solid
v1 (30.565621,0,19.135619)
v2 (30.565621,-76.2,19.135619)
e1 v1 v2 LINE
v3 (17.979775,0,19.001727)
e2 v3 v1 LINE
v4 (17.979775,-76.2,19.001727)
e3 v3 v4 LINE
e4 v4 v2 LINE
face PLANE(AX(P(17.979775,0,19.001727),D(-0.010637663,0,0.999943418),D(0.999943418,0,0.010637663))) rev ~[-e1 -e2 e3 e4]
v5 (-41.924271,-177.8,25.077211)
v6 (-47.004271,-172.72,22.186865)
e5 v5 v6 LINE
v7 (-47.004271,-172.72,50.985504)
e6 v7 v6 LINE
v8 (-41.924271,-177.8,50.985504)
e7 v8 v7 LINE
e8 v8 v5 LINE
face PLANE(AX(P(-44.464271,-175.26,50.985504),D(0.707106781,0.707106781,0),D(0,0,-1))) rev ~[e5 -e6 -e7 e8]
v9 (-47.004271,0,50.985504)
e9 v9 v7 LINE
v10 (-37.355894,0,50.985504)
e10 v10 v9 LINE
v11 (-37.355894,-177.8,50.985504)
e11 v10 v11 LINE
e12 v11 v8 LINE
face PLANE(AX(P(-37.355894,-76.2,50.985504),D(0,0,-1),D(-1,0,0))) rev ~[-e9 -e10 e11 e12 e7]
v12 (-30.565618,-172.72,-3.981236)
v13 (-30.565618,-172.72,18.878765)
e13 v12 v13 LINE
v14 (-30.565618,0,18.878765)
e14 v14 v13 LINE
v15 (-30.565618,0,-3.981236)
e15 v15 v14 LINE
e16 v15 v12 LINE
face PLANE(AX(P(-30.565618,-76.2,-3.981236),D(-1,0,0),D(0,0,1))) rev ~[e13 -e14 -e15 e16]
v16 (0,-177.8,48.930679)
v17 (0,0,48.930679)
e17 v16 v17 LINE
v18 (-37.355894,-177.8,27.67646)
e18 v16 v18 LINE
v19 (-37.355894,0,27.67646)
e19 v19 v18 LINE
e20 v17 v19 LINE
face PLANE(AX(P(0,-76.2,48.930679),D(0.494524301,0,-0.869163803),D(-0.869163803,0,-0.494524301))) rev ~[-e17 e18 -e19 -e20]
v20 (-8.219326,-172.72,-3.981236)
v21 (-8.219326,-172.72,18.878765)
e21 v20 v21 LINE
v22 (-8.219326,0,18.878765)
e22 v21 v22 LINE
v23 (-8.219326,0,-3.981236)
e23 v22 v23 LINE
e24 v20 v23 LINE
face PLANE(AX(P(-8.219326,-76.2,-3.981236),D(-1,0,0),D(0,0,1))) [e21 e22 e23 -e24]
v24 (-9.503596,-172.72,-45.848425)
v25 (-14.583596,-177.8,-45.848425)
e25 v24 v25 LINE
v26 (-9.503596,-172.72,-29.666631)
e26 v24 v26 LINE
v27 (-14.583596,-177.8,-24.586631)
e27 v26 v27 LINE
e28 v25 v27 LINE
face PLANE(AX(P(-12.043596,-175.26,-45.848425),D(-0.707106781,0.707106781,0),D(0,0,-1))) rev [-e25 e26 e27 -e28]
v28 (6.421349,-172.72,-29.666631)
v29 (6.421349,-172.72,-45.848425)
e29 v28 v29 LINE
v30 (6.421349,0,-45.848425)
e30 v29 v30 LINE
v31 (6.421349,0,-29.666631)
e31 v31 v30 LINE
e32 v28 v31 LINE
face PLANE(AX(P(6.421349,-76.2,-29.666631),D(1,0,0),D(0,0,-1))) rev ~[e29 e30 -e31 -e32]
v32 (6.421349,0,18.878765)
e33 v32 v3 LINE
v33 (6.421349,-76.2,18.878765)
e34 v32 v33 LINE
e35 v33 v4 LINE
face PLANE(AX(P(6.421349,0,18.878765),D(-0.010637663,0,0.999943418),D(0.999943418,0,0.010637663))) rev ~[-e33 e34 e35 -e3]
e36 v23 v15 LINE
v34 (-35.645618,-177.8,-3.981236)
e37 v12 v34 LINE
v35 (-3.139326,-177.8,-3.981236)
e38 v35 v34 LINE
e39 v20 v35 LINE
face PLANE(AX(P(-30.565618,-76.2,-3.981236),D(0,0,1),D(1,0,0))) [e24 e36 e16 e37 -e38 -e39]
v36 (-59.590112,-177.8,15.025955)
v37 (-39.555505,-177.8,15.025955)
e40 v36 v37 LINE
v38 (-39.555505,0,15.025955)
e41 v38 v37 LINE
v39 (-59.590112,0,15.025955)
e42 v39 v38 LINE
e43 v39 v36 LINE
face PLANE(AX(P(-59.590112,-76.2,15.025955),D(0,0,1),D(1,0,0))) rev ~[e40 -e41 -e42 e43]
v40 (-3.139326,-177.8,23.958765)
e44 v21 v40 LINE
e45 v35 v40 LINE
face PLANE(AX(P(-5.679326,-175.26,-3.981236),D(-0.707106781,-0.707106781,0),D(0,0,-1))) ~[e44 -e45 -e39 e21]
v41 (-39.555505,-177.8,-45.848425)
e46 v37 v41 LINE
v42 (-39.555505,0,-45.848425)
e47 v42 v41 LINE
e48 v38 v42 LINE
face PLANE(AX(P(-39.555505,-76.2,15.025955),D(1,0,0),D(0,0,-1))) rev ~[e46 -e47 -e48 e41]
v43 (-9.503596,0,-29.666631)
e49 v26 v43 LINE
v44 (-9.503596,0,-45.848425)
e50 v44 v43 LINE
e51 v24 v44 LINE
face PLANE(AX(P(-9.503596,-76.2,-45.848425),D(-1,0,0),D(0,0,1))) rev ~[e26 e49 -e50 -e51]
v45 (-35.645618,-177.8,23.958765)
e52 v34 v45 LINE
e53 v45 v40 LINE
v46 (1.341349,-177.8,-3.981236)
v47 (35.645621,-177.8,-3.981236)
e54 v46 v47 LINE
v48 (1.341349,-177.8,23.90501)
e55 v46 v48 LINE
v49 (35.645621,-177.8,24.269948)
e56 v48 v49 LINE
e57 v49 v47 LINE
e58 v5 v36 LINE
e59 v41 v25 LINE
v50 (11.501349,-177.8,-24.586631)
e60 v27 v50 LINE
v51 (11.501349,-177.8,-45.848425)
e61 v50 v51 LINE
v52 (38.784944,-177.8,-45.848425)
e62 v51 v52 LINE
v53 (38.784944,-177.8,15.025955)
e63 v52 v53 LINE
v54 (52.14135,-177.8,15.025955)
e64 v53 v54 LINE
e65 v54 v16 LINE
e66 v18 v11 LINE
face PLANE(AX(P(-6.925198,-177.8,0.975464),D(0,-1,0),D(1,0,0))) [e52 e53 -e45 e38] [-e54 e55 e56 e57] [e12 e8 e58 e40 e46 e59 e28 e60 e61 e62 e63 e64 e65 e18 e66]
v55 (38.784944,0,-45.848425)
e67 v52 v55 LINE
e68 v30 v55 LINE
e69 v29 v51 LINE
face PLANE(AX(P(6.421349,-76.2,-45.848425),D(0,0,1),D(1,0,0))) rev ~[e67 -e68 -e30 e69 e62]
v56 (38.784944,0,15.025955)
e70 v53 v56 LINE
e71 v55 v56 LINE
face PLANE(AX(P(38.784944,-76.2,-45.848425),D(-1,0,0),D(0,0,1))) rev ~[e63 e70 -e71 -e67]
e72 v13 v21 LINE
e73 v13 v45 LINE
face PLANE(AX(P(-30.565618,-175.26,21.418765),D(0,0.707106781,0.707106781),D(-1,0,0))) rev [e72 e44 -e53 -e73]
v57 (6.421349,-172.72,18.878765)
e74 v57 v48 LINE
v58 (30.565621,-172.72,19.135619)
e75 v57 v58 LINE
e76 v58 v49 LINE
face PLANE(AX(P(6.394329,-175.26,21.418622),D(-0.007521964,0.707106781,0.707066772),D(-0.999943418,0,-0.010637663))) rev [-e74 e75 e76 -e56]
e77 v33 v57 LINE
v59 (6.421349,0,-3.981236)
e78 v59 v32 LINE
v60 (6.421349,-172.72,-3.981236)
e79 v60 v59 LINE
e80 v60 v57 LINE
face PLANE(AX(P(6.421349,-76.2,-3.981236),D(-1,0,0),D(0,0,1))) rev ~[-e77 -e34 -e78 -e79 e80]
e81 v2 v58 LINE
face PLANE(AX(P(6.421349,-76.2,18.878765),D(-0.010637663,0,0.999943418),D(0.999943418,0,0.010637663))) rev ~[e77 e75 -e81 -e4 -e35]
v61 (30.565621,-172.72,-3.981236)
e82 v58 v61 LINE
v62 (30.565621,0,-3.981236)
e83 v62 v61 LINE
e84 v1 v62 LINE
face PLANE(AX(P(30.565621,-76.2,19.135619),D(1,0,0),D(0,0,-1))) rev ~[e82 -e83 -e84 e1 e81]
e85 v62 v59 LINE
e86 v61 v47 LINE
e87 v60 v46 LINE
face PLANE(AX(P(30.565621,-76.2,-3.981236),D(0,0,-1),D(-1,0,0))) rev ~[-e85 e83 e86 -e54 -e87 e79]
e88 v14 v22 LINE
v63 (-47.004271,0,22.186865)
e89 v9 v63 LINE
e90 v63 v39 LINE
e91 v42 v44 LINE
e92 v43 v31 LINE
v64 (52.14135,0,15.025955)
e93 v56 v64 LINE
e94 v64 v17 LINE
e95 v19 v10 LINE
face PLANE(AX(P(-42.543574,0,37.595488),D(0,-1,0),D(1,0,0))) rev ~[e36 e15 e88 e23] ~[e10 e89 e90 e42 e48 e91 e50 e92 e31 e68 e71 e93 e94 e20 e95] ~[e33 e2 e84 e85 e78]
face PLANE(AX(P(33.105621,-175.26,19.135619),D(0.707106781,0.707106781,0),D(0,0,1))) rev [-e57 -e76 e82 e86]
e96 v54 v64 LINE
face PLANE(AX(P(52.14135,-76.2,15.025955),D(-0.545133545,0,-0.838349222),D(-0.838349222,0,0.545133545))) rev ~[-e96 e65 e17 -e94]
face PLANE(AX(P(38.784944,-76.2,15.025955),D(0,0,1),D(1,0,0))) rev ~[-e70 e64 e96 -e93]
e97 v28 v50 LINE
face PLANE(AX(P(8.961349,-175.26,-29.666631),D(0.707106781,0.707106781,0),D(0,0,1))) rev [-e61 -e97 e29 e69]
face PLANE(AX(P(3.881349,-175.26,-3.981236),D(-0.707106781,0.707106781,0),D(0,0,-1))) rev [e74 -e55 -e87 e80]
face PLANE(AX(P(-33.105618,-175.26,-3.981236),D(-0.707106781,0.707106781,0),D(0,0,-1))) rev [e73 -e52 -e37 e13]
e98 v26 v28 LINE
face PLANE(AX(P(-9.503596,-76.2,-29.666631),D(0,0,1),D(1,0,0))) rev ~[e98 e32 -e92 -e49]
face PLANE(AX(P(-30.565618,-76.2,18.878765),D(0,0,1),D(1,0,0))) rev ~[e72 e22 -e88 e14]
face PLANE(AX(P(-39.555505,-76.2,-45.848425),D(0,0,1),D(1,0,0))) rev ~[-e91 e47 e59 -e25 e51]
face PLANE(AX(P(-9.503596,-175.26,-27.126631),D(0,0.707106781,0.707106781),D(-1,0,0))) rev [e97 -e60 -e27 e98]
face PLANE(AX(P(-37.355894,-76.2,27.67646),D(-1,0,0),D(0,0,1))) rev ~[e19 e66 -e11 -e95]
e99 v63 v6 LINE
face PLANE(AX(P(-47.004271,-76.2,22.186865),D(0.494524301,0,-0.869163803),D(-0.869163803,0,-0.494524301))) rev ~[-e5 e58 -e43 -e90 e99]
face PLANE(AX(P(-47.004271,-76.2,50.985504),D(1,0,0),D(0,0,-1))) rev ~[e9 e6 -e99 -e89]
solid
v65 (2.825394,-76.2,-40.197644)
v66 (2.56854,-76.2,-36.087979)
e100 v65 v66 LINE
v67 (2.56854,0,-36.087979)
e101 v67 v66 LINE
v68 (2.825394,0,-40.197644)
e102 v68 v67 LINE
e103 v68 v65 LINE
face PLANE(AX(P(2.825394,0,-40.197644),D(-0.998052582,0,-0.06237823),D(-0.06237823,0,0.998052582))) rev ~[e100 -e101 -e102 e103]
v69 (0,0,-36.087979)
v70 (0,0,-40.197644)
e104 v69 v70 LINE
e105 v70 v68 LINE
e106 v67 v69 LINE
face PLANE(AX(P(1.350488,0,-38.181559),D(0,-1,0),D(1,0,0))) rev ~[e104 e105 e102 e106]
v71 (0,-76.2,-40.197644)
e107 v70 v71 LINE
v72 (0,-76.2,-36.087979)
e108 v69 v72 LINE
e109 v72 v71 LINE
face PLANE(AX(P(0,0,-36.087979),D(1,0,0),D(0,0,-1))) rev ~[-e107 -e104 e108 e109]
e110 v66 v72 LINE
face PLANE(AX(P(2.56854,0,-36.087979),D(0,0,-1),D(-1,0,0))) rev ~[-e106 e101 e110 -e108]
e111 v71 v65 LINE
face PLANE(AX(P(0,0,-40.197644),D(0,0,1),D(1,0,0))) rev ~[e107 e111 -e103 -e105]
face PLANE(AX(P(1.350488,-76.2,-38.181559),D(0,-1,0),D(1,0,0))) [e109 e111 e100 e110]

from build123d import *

# Parameters (mm, degrees)
F1_DEPTH = 76.2
F2_W     = 22.3462916911
F2_H     = 22.860001307
F3_DEPTH = 101.6
F4_SIZE  = 5.08
F5_SIZE  = 5.08


with BuildPart() as f1:
    # F0 (on Front) → F1 (new body)
    with BuildSketch(Plane.XZ):
        Polygon((-47.0042712986, 22.1868652862), (-37.3558938123, 27.6764601325), (-37.3558938123, 50.9855039418), (-47.0042712986, 50.9855039418), align=None)
        Polygon((52.1413497627, 15.0259546936), (0, 48.9306785166), (-37.3558938123, 27.6764601325), (-47.0042712986, 22.1868652862), (-59.5901124179, 15.0259546936), (-39.5555049181, 15.0259546936), (-39.5555049181, -45.8484254777), (-9.503595531, -45.8484254777), (-9.503595531, -29.6666305512), (6.4213485457, -29.6666305512), (6.4213485457, -45.8484254777), (38.784943521, -45.8484254777), (38.784943521, 15.0259546936), align=None)
        Polygon((-30.565617606, 7.4487647507), (-30.565617606, 18.8787654042), (-19.3924717605, 18.8787654042), (-8.219325915, 18.8787654042), (-8.219325915, 7.4487647507), (-8.219325915, -3.9812359028), (-19.3924717605, -3.9812359028), (-30.565617606, -3.9812359028), align=None, mode=Mode.SUBTRACT)
        Polygon((6.4213485457, 7.4487647507), (6.4213485457, 18.8787654042), (17.9797746241, 19.0017270067), (30.5656213313, 19.1356185824), (30.5656213313, 7.5771913398), (30.5656213313, -3.9812359028), (17.9797746241, -3.9812359028), (6.4213485457, -3.9812359028), align=None, mode=Mode.SUBTRACT)
    extrude(amount=F1_DEPTH)

    # F2 (on face) → F3 (join)
    with BuildSketch(Plane.XZ.offset(76.2)):
        Polygon((0, 48.9306785166), (-37.3558938123, 27.6764601325), (-37.3558938123, 50.9855039418), (-47.0042712986, 50.9855039418), (-47.0042712986, 22.1868652862), (-59.5901124179, 15.0259546936), (-39.5555049181, 15.0259546936), (-39.5555049181, -45.8484254777), (-9.503595531, -45.8484254777), (-9.503595531, -29.6666305512), (6.4213485457, -29.6666305512), (6.4213485457, -45.8484254777), (38.784943521, -45.8484254777), (38.784943521, 15.0259546936), (52.1413497627, 15.0259546936), align=None)
        with Locations((-19.3924717605, 7.4487647507)):
            Rectangle(F2_W, F2_H, mode=Mode.SUBTRACT)
        Polygon((30.5656213313, -3.9812359028), (6.4213485457, -3.9812359028), (6.4213485457, 18.8787654042), (30.5656213313, 19.1356185824), align=None, mode=Mode.SUBTRACT)
    extrude(amount=F3_DEPTH)

    # F4
    f4_edges = [f1.edges().sort_by_distance(p)[0] for p in [
        (-30.565618, -177.8, 7.448765),
        (-19.392472, -177.8, 18.878765),
        (-8.219326, -177.8, 7.448765),
        (6.421349, -177.8, 7.448765),
        (18.493485, -177.8, 19.007192),
        (30.565621, -177.8, 7.577191),
        (-1.541123, -177.8, -29.666631),
        (-9.503596, -177.8, -37.757528),
        (6.421349, -177.8, -37.757528),
    ]]
    chamfer(f4_edges, length=F4_SIZE)

    # F5
    f5_edges = [f1.edges().sort_by_distance(p)[0] for p in [
        (-47.004271, -177.8, 36.586185),
    ]]
    chamfer(f5_edges, length=F5_SIZE)


with BuildPart() as f1b:
    # F0 (on Front) → F1, piece 2 (new body)
    with BuildSketch(Plane.XZ):
        Polygon((2.8253942728, -40.1976443827), (2.5685403962, -36.0879786313), (0, -36.0879786313), (0, -40.1976443827), align=None)
    extrude(amount=F1_DEPTH)


solid = Compound([f1.part, f1b.part])
